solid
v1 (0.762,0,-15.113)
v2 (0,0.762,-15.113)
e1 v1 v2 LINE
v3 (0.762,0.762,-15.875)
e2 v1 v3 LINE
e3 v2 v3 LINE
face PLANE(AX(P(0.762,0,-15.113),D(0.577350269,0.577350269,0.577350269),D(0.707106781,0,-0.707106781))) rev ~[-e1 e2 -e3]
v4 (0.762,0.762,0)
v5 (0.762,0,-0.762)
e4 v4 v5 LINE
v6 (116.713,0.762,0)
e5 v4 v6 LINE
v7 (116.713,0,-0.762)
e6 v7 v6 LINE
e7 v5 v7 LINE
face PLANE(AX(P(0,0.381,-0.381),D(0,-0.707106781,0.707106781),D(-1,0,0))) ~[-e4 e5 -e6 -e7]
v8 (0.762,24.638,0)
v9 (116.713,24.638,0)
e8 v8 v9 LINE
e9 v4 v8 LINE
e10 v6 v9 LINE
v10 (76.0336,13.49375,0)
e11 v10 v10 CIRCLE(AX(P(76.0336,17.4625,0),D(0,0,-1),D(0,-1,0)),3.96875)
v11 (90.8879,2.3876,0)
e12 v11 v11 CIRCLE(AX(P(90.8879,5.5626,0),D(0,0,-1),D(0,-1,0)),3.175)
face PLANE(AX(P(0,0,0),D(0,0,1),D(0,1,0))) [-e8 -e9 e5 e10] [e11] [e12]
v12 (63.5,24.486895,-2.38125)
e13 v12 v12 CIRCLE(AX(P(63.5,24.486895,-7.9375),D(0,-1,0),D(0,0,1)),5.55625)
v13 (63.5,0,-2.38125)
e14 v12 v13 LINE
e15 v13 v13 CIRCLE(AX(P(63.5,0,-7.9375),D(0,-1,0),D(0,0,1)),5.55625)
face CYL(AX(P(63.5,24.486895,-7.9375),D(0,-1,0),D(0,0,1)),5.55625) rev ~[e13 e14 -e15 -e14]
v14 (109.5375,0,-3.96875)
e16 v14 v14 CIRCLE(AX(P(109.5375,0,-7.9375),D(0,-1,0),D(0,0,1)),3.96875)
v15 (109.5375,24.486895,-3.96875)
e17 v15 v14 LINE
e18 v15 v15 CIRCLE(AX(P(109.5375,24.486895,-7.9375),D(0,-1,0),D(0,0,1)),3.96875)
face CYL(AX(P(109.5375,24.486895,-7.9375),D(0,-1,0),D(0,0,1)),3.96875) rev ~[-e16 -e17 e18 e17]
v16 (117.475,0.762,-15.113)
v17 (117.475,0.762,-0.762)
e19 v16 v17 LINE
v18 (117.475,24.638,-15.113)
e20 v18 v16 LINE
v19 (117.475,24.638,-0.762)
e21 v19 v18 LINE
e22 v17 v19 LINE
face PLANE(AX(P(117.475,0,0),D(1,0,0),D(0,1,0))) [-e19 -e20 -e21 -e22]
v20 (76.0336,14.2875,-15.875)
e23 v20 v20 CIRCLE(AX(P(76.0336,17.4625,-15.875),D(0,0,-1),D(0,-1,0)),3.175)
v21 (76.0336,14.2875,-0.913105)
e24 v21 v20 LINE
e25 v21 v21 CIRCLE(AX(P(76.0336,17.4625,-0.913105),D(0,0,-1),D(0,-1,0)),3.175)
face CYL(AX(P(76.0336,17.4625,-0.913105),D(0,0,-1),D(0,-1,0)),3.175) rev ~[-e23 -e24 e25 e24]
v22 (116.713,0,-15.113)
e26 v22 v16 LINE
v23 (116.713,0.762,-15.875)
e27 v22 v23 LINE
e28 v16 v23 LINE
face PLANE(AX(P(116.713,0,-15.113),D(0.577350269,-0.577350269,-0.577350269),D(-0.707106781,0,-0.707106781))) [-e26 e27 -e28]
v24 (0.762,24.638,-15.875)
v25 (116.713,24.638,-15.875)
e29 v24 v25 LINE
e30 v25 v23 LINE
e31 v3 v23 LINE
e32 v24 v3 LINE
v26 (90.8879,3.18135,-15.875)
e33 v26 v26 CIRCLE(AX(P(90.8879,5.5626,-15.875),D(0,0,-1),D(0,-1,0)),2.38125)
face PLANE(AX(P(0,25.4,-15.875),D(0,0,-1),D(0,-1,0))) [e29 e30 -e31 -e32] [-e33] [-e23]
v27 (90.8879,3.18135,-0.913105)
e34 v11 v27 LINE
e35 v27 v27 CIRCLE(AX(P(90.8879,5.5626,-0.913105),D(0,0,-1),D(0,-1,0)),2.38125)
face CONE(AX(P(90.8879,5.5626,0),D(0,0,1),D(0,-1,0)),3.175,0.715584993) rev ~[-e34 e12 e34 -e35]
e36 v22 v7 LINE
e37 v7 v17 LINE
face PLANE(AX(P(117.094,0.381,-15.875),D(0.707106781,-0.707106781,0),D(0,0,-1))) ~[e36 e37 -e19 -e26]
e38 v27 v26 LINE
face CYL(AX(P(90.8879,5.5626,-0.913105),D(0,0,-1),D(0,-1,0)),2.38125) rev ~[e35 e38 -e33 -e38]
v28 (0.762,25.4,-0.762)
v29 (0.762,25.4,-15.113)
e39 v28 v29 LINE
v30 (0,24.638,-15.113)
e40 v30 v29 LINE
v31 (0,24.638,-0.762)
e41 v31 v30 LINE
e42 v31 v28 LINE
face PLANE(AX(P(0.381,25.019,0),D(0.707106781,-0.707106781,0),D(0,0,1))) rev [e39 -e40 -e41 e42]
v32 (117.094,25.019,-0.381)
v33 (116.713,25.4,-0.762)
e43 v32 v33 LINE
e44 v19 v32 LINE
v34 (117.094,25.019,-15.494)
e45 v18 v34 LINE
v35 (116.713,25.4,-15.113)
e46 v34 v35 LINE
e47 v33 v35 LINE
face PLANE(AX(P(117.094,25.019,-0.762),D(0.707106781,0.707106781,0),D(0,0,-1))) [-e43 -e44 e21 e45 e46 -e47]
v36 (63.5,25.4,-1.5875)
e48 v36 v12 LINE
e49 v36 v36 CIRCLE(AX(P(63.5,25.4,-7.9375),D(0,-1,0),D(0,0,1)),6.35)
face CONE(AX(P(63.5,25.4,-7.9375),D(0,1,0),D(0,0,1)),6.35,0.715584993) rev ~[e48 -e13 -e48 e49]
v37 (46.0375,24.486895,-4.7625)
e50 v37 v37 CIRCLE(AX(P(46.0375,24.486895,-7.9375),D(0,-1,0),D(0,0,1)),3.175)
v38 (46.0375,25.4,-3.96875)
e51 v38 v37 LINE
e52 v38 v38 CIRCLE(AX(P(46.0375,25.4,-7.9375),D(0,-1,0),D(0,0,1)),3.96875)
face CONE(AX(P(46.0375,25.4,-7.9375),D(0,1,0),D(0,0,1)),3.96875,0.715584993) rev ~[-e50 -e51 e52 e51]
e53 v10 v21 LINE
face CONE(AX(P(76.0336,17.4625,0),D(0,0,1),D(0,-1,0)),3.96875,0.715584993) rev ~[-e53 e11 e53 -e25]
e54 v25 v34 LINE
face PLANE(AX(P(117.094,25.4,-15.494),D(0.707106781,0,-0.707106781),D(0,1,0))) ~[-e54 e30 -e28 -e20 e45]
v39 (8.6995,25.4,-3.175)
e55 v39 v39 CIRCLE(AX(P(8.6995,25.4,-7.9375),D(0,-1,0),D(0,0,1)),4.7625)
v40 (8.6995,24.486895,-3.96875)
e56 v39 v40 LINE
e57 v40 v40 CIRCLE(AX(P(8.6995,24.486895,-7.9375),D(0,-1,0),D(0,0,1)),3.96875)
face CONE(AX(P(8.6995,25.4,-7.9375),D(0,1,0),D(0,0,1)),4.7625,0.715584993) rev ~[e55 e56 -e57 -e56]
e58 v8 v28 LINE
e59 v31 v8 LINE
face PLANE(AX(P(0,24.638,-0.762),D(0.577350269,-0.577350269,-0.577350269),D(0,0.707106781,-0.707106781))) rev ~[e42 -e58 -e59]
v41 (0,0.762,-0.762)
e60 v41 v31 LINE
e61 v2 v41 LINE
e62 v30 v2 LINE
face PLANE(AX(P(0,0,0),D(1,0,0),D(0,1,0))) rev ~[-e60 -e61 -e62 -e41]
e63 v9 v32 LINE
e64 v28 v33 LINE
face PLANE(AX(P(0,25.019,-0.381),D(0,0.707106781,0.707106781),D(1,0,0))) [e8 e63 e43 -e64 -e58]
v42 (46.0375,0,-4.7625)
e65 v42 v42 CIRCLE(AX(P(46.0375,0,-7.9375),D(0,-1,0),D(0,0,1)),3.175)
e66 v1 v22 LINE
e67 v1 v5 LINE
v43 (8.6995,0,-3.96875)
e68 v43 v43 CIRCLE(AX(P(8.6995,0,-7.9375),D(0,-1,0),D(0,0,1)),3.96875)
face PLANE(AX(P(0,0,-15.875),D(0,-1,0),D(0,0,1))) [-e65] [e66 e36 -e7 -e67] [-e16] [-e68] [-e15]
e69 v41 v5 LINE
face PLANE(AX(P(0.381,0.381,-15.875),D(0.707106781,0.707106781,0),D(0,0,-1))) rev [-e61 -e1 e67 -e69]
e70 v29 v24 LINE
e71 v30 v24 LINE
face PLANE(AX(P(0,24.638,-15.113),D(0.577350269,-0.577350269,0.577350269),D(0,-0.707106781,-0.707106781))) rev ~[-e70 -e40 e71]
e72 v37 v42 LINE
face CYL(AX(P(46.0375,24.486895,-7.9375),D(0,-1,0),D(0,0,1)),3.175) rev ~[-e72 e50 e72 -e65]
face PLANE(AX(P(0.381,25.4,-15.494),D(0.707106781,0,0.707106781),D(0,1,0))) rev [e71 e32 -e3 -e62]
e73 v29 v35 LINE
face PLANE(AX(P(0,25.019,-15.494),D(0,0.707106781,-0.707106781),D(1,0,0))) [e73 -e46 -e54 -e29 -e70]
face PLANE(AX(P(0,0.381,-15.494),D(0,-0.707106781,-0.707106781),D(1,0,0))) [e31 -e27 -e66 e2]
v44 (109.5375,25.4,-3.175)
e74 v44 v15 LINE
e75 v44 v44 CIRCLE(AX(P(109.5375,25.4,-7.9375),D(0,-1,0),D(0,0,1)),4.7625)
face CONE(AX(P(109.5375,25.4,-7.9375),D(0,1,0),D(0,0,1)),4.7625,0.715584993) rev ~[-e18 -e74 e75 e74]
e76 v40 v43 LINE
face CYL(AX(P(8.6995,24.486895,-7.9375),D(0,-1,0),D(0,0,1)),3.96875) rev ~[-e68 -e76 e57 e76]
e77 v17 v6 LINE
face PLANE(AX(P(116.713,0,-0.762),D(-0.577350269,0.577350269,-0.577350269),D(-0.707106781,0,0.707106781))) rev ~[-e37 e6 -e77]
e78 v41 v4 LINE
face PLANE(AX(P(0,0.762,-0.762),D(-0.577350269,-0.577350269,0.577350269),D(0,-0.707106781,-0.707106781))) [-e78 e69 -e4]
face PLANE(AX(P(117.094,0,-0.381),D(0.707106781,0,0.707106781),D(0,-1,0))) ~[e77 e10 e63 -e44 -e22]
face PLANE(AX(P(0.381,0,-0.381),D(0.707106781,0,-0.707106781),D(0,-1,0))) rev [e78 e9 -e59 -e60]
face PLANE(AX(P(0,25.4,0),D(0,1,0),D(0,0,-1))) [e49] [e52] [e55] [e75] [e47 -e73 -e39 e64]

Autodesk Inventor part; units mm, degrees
ref_plane "YZ Plane" through (0, 0, 0) normal (1, 0, 0) x (0, 1, 0)
ref_plane "XZ Plane" through (0, 0, 0) normal (0, 1, 0) x (-1, 0, 0)
ref_plane "XY Plane" through (0, 0, 0) normal (0, 0, 1) x (1, 0, 0)
sketch "Sketch1" plane through (0, 0, 0) normal (1, 0, 0) x (0, 1, 0)
  line L0 (0, 0) -> (25.4, 0)
  line L1 (25.4, 0) -> (25.4, -15.875)
  line L2 (25.4, -15.875) -> (0, -15.875)
  line L3 (0, -15.875) -> (0, 0)
  dimension "d0" = 25.4
  dimension "d1" = 15.875
extrude "Extrusion1" add sketch "Sketch1" along normal blind 117.475
chamfer "Chamfer1" distance 0.762 angle 45 11 edges at (117.475, 12.7, 0) (117.475, 12.7, -15.875) (117.475, 0, -7.9375) (58.7375, 0, 0) (58.7375, 25.4, 0) (58.7375, 25.4, -15.875) (0, 12.7, 0) (0, 25.4, -7.9375) (0, 12.7, -15.875) (0, 0, -7.9375) (58.7375, 0, -15.875)
sketch "Sketch2" plane through (0.762, 25.4, -15.113) normal (0, 1, 0) x (1, 0, 0)
  line L0 (0, -15.113) -> (115.951, -15.113) projected
  line L1 (0, -15.113) -> (7.9375, -15.113)
  line L2 (7.9375, -15.113) -> (7.9375, -7.1755)
  point P0 (-0.762, -15.113)
  dimension "d7" = 7.9375
  dimension "d8" = 7.9375
hole "Hole1" at (8.6995, 25.4, -7.9375) direction (0, -1, 0) diameter 7.9375 end through all countersink diameter 9.525 countersink angle 82
sketch "Sketch3" plane through (0.762, 25.4, -15.113) normal (0, 1, 0) x (1, 0, 0)
  line L0 (116.713, 0) -> (116.713, -14.351) projected
  line L1 (116.713, -7.1755) -> (45.2755, -7.1755)
  point P0 (-0.762, -15.113)
  dimension "d16" = 71.4375
hole "Hole2" at (46.0375, 25.4, -7.9375) direction (0, -1, 0) diameter 6.35 end through all countersink diameter 7.9375 countersink angle 82
sketch "Sketch4" plane through (0.762, 25.4, -15.113) normal (0, 1, 0) x (1, 0, 0)
  line L0 (116.713, 0) -> (116.713, -14.351) projected
  line L1 (116.713, -7.1755) -> (62.738, -7.1755)
  point P0 (-0.762, -15.113)
  dimension "d24" = 53.975
hole "Hole3" at (63.5, 25.4, -7.9375) direction (0, -1, 0) diameter 11.1125 end through all countersink diameter 12.7 countersink angle 82
sketch "Sketch5" plane through (0.762, 25.4, -15.113) normal (0, 1, 0) x (1, 0, 0)
  line L0 (116.713, 0) -> (116.713, -14.351) projected
  line L1 (116.713, -7.1755) -> (108.7755, -7.1755)
  point P0 (-0.762, -15.113)
  dimension "d32" = 7.9375
hole "Hole4" at (109.5375, 25.4, -7.9375) direction (0, -1, 0) diameter 7.9375 end through all countersink diameter 9.525 countersink angle 82
sketch "Sketch6" plane through (0.762, 0.762, 0) normal (0, 0, 1) x (1, 0, 0)
  line L0 (111.9534, -0.762) -> (111.9534, 4.8006) construction
  line L1 (117.1134, 4.8006) -> (90.1259, 4.8006) construction
  point P0 (-0.762, -0.762)
  dimension "d40" = 5.5626
  dimension "d41" = 26.9875
hole "Hole5" at (90.8879, 5.5626, 0) direction (0, 0, -1) diameter 4.7625 end through all countersink diameter 6.35 countersink angle 82
sketch "Sketch7" plane through (0.762, 0.762, 0) normal (0, 0, 1) x (1, 0, 0)
  line L0 (114.57, -0.762) -> (114.57, 16.7005)
  line L1 (116.5466, 16.7005) -> (75.2716, 16.7005)
  point P0 (-0.762, -0.762)
  dimension "d49" = 17.4625
  dimension "d50" = 41.275
hole "Hole6" at (76.0336, 17.4625, 0) direction (0, 0, -1) diameter 6.35 end through all countersink diameter 7.9375 countersink angle 82
chamfer "Chamfer2" distance 0.762 angle 45 1 edges at (117.475, 25.4, -7.9375)
properties part number "holes1"
